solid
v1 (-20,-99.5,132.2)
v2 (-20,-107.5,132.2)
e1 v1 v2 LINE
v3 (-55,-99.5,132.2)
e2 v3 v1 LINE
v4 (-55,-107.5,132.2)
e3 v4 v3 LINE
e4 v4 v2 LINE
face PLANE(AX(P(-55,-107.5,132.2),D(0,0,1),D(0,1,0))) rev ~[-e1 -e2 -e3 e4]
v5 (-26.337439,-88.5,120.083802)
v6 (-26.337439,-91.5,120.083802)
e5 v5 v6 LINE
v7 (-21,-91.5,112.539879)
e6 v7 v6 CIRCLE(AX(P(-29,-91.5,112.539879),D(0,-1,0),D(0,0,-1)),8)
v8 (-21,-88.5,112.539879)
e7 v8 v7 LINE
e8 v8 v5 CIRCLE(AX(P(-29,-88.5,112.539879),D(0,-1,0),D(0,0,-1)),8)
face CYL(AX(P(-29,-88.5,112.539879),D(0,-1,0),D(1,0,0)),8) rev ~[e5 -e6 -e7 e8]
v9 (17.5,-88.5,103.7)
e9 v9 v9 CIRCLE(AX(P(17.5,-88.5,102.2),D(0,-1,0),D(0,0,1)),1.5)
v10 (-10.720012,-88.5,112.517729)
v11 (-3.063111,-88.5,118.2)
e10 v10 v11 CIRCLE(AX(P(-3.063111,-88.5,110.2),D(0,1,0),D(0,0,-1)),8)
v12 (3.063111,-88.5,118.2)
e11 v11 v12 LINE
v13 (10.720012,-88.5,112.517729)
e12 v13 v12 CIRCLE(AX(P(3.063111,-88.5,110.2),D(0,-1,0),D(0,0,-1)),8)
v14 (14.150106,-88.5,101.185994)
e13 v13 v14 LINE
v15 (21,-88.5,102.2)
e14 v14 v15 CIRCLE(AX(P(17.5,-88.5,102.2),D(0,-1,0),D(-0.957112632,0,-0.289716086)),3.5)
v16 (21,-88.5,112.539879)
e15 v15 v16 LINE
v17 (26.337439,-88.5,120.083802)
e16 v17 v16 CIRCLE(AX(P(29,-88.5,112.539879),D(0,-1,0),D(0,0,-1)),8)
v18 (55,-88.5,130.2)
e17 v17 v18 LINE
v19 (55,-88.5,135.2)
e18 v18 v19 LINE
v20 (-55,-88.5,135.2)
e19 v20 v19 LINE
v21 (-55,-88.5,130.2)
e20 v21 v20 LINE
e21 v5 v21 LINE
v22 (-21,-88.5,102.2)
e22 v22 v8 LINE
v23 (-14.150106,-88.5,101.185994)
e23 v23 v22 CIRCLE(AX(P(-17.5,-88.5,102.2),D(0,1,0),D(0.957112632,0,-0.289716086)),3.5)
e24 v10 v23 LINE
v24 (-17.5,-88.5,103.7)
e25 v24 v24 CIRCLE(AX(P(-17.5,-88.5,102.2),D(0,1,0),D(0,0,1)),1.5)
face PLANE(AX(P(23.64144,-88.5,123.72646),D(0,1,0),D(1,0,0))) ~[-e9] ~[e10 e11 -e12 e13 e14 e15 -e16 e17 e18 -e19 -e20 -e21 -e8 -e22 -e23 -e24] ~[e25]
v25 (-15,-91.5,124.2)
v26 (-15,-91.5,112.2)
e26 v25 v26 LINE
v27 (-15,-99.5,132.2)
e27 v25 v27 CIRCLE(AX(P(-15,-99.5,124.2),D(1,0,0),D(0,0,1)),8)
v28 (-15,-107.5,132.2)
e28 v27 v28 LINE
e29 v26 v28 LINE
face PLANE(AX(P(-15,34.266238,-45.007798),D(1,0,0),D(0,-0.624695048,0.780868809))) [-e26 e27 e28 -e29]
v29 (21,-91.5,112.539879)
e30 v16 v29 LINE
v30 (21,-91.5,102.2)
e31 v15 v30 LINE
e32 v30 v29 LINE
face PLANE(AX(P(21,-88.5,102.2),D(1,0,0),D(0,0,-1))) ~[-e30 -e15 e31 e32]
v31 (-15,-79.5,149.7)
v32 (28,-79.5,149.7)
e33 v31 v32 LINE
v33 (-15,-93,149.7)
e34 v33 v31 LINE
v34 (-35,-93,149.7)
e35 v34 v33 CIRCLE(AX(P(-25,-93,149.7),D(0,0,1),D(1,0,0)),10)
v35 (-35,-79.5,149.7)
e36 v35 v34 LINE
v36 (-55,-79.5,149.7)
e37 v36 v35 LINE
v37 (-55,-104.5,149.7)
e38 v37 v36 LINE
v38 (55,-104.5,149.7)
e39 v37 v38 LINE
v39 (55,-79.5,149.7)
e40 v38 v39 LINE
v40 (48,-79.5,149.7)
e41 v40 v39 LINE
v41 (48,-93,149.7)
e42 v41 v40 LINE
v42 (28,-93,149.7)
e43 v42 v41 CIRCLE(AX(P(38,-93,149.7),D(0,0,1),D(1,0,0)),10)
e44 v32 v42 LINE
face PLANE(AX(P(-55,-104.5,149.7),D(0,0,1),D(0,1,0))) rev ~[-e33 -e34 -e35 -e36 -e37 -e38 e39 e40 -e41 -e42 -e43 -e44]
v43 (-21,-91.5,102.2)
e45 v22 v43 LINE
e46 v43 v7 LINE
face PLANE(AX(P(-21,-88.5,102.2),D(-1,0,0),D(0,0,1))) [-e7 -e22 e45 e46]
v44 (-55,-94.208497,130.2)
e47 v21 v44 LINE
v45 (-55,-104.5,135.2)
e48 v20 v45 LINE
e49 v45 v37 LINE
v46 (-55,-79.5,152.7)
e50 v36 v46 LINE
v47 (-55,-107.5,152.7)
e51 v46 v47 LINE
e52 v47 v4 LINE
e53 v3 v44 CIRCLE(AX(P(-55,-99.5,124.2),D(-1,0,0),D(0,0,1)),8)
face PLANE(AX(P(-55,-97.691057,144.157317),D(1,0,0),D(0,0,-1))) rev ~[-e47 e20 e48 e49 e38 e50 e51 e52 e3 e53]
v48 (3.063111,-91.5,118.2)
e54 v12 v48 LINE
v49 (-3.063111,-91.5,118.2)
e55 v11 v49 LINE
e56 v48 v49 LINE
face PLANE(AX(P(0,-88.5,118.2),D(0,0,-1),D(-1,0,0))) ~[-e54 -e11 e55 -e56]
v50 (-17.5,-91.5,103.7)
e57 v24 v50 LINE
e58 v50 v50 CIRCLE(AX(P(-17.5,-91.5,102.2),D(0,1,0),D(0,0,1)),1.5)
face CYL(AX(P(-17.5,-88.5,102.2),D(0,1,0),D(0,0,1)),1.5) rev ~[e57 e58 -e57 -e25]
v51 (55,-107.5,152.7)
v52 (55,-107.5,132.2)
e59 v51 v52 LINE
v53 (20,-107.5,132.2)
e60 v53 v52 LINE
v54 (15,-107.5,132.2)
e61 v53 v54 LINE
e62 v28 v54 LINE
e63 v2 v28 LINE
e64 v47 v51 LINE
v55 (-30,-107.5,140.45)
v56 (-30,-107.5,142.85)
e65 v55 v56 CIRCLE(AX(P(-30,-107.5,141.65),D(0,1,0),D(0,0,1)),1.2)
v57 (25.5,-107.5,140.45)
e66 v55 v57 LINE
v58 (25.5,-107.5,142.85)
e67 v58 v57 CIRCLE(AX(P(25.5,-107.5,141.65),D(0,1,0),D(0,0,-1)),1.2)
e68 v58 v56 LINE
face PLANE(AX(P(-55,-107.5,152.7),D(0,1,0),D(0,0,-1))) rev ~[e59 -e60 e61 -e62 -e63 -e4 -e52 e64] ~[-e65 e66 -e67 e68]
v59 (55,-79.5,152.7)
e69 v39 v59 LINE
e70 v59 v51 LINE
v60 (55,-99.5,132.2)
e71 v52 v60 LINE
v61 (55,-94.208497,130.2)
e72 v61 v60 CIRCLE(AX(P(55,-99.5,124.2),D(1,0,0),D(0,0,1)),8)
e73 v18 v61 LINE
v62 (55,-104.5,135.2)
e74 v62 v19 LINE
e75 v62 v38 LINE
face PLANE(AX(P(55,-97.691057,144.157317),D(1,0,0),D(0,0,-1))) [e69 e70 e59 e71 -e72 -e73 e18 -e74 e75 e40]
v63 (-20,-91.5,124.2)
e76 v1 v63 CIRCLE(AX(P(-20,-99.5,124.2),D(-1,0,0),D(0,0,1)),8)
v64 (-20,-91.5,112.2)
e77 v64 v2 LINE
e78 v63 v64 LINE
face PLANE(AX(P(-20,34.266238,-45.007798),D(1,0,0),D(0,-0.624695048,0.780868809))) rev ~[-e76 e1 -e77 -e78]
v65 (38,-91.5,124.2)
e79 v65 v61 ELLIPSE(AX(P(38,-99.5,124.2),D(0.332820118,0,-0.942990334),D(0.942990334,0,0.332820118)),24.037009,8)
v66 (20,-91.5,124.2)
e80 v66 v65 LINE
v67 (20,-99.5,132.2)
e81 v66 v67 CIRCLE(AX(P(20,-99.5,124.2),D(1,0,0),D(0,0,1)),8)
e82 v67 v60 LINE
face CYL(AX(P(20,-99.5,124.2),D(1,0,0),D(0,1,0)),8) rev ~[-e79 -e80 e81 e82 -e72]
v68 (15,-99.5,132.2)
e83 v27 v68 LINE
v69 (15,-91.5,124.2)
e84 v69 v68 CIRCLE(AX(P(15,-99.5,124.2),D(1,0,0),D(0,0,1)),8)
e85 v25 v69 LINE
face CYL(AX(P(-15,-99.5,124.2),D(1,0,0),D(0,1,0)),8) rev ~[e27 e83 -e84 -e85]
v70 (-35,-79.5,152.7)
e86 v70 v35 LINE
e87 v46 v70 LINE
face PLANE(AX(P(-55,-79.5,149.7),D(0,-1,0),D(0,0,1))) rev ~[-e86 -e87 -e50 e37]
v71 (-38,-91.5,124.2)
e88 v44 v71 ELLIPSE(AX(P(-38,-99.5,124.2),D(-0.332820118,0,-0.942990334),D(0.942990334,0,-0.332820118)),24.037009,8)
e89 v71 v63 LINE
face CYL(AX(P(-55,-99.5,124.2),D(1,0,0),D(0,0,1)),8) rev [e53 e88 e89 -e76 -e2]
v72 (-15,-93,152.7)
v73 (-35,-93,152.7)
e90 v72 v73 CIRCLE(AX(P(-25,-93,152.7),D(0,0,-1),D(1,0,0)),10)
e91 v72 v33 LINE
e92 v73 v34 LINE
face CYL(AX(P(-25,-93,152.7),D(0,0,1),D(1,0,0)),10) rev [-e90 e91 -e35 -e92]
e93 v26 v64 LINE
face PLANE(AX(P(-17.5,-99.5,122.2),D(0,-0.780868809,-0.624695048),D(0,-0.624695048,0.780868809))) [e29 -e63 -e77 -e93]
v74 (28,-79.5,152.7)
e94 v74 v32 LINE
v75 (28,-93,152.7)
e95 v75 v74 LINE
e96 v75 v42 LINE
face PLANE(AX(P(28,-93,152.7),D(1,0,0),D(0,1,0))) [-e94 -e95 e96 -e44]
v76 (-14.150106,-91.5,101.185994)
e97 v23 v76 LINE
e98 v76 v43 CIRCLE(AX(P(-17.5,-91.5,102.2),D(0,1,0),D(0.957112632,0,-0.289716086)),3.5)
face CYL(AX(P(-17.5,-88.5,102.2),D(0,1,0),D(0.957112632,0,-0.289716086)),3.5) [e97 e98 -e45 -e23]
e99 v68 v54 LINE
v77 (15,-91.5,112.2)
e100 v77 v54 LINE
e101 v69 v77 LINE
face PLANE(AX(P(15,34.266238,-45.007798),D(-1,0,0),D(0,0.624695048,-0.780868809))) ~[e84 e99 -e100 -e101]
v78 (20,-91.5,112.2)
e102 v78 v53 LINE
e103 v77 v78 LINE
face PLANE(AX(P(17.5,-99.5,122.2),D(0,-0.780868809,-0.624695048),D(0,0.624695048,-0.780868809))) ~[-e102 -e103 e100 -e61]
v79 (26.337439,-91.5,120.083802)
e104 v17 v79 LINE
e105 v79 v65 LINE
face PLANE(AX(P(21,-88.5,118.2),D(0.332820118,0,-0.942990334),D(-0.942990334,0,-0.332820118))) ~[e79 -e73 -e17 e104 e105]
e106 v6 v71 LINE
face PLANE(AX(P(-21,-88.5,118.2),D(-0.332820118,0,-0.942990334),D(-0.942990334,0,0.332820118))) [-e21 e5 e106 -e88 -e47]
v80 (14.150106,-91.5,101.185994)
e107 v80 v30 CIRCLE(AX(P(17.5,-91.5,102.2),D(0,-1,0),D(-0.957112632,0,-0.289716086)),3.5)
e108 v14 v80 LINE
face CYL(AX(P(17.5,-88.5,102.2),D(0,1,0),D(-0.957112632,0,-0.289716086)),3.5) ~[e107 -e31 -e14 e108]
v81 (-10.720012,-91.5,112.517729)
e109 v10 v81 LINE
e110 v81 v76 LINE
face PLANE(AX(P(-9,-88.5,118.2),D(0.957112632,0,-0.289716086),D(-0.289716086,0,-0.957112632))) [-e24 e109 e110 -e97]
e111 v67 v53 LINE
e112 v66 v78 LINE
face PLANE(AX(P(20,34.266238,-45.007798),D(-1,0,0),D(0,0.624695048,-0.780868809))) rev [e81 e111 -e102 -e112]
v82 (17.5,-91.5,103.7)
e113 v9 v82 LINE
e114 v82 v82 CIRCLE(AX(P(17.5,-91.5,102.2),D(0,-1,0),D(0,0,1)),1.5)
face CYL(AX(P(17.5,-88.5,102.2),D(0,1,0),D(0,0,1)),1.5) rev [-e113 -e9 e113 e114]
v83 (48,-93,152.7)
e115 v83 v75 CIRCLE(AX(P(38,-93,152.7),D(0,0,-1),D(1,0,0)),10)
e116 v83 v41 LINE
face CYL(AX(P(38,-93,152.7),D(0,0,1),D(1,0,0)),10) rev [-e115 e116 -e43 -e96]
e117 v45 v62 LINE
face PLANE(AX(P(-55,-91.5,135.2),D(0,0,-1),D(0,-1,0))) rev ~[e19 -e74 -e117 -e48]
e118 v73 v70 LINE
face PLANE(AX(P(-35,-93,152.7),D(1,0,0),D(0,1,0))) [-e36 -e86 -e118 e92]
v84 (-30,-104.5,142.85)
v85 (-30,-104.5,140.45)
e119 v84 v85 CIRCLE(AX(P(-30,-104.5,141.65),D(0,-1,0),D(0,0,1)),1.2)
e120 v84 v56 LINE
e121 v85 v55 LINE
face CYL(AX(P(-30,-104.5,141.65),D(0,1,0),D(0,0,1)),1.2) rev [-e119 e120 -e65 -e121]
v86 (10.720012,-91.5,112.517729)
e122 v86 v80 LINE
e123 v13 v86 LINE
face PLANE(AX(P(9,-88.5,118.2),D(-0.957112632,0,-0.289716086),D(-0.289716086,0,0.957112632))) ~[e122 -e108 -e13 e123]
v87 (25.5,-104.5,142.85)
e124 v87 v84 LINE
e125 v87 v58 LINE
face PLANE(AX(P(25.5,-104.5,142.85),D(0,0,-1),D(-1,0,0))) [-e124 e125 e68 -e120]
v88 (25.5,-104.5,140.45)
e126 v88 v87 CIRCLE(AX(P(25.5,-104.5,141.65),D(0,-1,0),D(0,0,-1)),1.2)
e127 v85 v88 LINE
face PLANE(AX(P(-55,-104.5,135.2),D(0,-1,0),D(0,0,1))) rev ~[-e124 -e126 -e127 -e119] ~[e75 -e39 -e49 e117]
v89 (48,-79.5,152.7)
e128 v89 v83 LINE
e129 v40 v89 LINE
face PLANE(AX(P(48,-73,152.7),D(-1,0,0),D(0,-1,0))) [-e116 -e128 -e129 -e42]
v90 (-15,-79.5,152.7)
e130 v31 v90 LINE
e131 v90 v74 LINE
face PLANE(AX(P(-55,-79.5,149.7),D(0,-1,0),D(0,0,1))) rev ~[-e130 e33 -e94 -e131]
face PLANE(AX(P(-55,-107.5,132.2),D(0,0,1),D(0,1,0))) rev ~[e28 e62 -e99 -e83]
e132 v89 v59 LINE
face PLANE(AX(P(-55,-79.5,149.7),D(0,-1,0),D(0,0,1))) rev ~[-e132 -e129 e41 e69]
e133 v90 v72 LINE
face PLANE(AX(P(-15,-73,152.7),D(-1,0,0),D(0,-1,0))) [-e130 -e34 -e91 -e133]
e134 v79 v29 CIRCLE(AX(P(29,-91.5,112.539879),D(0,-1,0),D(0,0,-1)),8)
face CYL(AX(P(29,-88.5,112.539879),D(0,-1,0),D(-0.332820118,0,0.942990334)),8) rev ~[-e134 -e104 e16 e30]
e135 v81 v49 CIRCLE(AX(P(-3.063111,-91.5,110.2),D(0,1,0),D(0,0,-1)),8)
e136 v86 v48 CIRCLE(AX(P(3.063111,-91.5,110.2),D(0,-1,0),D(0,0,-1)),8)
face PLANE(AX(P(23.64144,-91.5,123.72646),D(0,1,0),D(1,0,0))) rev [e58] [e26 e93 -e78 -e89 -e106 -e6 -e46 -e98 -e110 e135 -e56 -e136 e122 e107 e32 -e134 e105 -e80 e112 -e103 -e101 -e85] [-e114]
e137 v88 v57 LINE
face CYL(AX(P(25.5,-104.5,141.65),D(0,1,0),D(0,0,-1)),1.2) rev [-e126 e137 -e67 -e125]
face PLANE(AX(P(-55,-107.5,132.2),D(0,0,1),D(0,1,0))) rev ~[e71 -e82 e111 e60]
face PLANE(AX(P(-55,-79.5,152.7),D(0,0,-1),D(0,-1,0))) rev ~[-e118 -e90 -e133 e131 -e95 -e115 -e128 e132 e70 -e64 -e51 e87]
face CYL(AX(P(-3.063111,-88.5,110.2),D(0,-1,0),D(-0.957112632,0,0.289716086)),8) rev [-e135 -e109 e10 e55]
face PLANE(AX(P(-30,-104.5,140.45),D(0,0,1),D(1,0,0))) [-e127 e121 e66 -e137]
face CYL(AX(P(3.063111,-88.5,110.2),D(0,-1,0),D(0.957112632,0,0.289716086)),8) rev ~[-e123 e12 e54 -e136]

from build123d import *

# Parameters (mm, degrees)
SKETCH2_R                = 1.5
BOSS_EXTRUDE1_DEPTH      = 3
FILLET2_R                = 8
FILLET2_OF_MIRROR1_R     = 8
BOSS_EXTRUDE2_DEPTH      = 55
BOSS_EXTRUDE2_DEPTH_BACK = 55
CUT_EXTRUDE1_REACH       = 134.277
RIB1_REACH               = 202.324
SKETCH6_WALL_W           = 428.260921382
SKETCH6_WALL_H           = 5
FILLET3_R                = 8
CUT_EXTRUDE2_DEPTH       = 165.217203727


with BuildPart() as part:
    # Sketch2 → Boss-Extrude1 (new body)
    with BuildSketch(Plane(origin=(0, -88.5, 0), x_dir=(1, 0, 0), z_dir=(0, 1, 0))):
        with BuildLine():
            Line((-9, -118.2), (-14.150105789, -101.1859937))
            ThreePointArc((-14.150105789, -101.1859937), (-18.012528176, -98.73772981), (-21, -102.2))
            Line((-21, -102.2), (-21, -118.2))
            Line((-21, -118.2), (-55, -130.2))
            Line((-55, -130.2), (-55, -135.2))
            Line((-55, -135.2), (0, -135.2))
            Line((0, -135.2), (0, -118.2))
            Line((0, -118.2), (-9, -118.2))
        make_face()
        with Locations(Location((-17.5, -102.2, 0), (0, 0, 270))):
            Circle(SKETCH2_R, mode=Mode.SUBTRACT)
    boss_extrude1 = extrude(amount=-BOSS_EXTRUDE1_DEPTH)

    # Fillet2
    fillet2_edges = [part.edges().sort_by_distance(p)[0] for p in [
        (-21, -90, 118.2),
        (-9, -90, 118.2),
    ]]
    fillet(fillet2_edges, radius=FILLET2_R)

    # Mirror1: Boss-Extrude1 across plane
    add(boss_extrude1.mirror(Plane(origin=(0, 0, 0), x_dir=(0, 0, 1), z_dir=(1, 0, 0))))

    # Fillet2 of Mirror1
    fillet2_of_mirror1_edges = [part.edges().sort_by_distance(p)[0] for p in [
        (21, -90, 118.2),
        (9, -90, 118.2),
    ]]
    fillet(fillet2_of_mirror1_edges, radius=FILLET2_OF_MIRROR1_R)

    # Sketch4 → Boss-Extrude2 (add, two sides: drawn at the far end of the back side and taken through both)
    with BuildSketch(Plane(origin=(0, 0, 0), x_dir=(0, 0, -1), z_dir=(1, 0, 0)).offset(-BOSS_EXTRUDE2_DEPTH_BACK)):
        Polygon((-135.2, -91.5), (-135.2, -104.5), (-149.7, -104.5), (-149.7, -79.5), (-152.7, -79.5), (-152.7, -107.5), (-132.2, -107.5), (-132.2, -91.5), align=None)
    extrude(amount=BOSS_EXTRUDE2_DEPTH + BOSS_EXTRUDE2_DEPTH_BACK)

    # Sketch5 → Cut-Extrude1 (cut, up to next)
    with BuildSketch(Plane.XY.offset(152.7), mode=Mode.PRIVATE) as cut_extrude1_sk1:
        with BuildLine():
            Line((-35, -93), (-35, -73))
            Line((-35, -73), (-15, -73))
            Line((-15, -73), (-15, -93))
            ThreePointArc((-15, -93), (-25, -103), (-35, -93))
        make_face()
    cut_extrude1_tool1 = extrude(cut_extrude1_sk1.sketch, amount=-CUT_EXTRUDE1_REACH, mode=Mode.PRIVATE) & part.part
    # Sketch5 → Cut-Extrude1 (cut, up to next)
    with BuildSketch(Plane.XY.offset(152.7), mode=Mode.PRIVATE) as cut_extrude1_sk2:
        with BuildLine():
            Line((28, -93), (28, -73))
            Line((28, -73), (48, -73))
            Line((48, -73), (48, -93))
            ThreePointArc((48, -93), (38, -103), (28, -93))
        make_face()
    cut_extrude1_tool2 = extrude(cut_extrude1_sk2.sketch, amount=-CUT_EXTRUDE1_REACH, mode=Mode.PRIVATE) & part.part
    add(cut_extrude1_tool1.solids().sort_by_distance((-25, -87.016415, 152.7))[0], mode=Mode.SUBTRACT)
    add(cut_extrude1_tool2.solids().sort_by_distance((38, -87.016415, 152.7))[0], mode=Mode.SUBTRACT)

    # Sketch6 wall → Rib1 (add, up to next)
    with BuildSketch(Plane(origin=(-17.5, -99.5, 122.2), x_dir=(0, -0.624695047554, 0.780868809443), z_dir=(0, -0.780868809443, -0.624695047554)), mode=Mode.PRIVATE) as rib1_sk1:
        Rectangle(SKETCH6_WALL_W, SKETCH6_WALL_H)
    rib1_tool1 = extrude(rib1_sk1.sketch, amount=-RIB1_REACH, mode=Mode.PRIVATE) - part.part
    rib1 = rib1_tool1.solids().sort_by_distance((-17.5, -99.5, 122.2))[0]
    add(rib1)

    # Mirror2: Rib1 across plane
    add(rib1.mirror(Plane(origin=(0, 0, 0), x_dir=(0, 0, 1), z_dir=(1, 0, 0))))

    # Fillet3
    fillet3_edges = [part.edges().sort_by_distance(p)[0] for p in [
        (-37.5, -91.5, 132.2),
        (37.5, -91.5, 132.2),
        (0, -91.5, 132.2),
    ]]
    fillet(fillet3_edges, radius=FILLET3_R)

    # Sketch7 → Cut-Extrude2 (cut, through all)
    with BuildSketch(Plane(origin=(0, -104.5, 0), x_dir=(1, 0, 0), z_dir=(0, 1, 0))):
        with BuildLine():
            Line((-30, -140.45), (25.5, -140.45))
            ThreePointArc((25.5, -140.45), (26.7, -141.65), (25.5, -142.85))
            Line((25.5, -142.85), (-30, -142.85))
            ThreePointArc((-30, -142.85), (-31.2, -141.65), (-30, -140.45))
        make_face()
    extrude(amount=-CUT_EXTRUDE2_DEPTH, mode=Mode.SUBTRACT)


solid = part.part
